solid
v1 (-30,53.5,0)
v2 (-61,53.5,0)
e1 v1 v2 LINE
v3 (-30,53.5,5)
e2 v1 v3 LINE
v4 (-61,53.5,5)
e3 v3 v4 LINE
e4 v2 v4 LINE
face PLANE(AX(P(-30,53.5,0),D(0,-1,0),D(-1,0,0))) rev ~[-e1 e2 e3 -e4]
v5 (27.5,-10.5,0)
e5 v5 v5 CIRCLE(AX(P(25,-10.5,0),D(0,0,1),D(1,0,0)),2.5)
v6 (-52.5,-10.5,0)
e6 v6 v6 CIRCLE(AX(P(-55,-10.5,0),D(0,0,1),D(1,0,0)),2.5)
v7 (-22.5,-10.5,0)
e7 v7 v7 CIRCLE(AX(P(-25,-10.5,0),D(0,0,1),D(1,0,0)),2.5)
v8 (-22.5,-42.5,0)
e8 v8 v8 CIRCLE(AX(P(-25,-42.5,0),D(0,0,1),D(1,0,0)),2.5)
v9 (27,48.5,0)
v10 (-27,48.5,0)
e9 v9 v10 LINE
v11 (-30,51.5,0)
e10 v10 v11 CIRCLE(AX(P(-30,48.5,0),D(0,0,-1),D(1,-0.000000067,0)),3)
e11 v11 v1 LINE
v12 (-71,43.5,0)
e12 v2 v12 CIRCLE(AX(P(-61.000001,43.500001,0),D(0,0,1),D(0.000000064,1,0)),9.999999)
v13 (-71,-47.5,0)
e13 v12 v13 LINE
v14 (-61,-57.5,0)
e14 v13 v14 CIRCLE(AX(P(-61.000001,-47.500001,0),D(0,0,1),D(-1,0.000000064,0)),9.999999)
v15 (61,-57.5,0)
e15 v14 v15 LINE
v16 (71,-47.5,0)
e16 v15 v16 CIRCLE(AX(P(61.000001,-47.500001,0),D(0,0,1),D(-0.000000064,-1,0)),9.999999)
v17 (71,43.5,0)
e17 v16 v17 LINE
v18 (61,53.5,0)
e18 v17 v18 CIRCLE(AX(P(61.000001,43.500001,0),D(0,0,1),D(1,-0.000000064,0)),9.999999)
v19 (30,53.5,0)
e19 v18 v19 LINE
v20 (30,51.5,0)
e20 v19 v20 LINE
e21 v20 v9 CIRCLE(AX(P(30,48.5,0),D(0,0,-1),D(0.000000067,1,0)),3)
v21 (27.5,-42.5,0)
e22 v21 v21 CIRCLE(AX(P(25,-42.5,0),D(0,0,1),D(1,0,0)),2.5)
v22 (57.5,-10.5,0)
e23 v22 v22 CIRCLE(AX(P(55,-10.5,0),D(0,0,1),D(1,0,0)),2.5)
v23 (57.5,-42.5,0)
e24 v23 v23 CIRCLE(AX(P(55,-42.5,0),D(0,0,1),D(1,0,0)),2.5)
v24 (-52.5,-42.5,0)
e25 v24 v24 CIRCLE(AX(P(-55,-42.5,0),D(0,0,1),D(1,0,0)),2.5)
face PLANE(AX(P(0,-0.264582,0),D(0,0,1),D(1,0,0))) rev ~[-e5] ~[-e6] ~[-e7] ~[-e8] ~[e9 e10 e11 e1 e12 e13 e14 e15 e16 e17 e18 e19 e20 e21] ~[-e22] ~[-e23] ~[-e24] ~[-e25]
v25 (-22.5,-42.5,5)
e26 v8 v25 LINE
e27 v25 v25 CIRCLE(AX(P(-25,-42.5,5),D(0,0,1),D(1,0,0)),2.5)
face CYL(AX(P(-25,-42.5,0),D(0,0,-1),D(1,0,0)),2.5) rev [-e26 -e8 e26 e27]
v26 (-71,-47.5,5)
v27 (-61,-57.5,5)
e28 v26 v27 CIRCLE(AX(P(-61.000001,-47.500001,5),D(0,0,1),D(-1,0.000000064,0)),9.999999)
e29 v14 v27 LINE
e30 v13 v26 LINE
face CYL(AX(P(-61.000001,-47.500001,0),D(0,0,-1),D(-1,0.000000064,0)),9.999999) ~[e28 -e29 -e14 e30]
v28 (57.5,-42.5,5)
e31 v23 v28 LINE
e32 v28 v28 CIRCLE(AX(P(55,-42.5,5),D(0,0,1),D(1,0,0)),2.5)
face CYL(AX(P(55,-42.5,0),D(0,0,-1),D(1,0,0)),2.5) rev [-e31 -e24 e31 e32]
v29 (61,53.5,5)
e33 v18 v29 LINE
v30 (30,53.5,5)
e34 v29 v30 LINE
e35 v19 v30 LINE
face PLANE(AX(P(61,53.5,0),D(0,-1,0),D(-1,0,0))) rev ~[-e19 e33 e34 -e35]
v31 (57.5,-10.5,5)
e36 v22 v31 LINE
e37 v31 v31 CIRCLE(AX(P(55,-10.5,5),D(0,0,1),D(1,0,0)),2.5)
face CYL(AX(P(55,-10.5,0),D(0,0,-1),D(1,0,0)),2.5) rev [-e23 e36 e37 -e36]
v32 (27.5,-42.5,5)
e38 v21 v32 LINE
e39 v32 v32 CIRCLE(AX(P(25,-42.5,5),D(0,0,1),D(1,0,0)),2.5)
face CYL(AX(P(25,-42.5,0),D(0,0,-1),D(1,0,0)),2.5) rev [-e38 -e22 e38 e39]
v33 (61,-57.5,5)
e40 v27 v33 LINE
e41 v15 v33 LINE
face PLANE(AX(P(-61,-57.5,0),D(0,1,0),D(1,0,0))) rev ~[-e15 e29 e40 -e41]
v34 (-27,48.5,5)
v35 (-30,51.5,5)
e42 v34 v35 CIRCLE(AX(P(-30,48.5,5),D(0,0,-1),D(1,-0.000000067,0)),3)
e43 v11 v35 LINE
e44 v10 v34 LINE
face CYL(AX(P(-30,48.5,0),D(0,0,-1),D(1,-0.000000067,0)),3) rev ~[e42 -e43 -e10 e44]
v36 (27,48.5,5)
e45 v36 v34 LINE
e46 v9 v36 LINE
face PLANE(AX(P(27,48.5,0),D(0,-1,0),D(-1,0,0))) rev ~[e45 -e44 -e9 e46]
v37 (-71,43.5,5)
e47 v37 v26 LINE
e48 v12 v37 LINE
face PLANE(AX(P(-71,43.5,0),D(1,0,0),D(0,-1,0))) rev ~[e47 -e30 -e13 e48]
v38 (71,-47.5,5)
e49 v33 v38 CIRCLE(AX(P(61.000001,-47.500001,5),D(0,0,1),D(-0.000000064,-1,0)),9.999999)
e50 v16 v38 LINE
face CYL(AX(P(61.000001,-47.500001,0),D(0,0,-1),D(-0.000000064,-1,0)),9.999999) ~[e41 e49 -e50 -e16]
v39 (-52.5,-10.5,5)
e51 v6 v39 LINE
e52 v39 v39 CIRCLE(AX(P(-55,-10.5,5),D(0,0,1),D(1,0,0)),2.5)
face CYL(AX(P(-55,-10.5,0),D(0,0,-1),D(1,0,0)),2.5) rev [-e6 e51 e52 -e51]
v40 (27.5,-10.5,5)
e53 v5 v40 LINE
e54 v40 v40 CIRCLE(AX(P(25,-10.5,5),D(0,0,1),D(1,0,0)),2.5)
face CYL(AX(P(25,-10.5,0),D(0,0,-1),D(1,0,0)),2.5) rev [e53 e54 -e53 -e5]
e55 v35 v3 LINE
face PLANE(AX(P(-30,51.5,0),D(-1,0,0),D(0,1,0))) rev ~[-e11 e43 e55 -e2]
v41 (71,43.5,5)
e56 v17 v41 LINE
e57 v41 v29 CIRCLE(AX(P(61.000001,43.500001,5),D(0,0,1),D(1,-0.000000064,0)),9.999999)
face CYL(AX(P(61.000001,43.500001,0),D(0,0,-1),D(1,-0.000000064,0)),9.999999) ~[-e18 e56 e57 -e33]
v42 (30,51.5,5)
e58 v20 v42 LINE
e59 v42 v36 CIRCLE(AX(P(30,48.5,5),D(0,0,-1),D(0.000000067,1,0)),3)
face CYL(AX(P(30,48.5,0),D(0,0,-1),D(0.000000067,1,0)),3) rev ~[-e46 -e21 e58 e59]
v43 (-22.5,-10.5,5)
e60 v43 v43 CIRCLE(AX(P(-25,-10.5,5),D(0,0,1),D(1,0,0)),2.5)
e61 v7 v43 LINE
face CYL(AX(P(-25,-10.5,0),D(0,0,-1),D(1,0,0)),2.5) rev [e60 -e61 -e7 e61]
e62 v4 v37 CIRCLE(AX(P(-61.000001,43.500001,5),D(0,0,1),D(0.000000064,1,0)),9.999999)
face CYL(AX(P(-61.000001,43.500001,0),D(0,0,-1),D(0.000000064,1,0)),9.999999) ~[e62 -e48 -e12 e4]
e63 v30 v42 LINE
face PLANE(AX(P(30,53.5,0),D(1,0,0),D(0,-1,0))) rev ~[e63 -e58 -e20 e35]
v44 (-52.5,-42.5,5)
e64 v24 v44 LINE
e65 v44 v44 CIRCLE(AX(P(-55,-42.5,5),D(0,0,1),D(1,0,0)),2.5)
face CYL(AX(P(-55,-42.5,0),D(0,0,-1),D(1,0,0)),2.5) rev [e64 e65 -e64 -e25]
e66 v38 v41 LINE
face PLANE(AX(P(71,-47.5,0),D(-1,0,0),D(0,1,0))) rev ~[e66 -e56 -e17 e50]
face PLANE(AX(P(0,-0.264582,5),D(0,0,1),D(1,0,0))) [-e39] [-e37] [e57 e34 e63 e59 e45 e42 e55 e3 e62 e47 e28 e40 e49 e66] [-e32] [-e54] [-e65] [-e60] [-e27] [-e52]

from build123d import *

# Parameters (mm, degrees)
F0_R     = 2.5
F1_DEPTH = 5


with BuildPart() as f1:
    # F0 (on Top) → F1 (new body)
    with BuildSketch(Plane.XY):
        with BuildLine():
            ThreePointArc((30, 51.5), (32.12132, 46.37868), (27, 48.5))
            Line((27, 48.5), (-27, 48.5))
            ThreePointArc((-27, 48.5), (-32.12132, 46.37868), (-30, 51.5))
            Line((-30, 51.5), (-30, 53.5))
            Line((-30, 53.5), (-61, 53.5))
            ThreePointArc((-61, 53.5), (-68.071068, 50.571068), (-71, 43.5))
            Line((-71, 43.5), (-71, -47.5))
            ThreePointArc((-71, -47.5), (-68.071068, -54.571068), (-61, -57.5))
            Line((-61, -57.5), (61, -57.5))
            ThreePointArc((61, -57.5), (68.071068, -54.571068), (71, -47.5))
            Line((71, -47.5), (71, 43.5))
            ThreePointArc((71, 43.5), (68.071068, 50.571068), (61, 53.5))
            Line((61, 53.5), (30, 53.5))
            Line((30, 53.5), (30, 51.5))
        make_face()
        with Locations((-55, -42.5)):
            Circle(F0_R, mode=Mode.SUBTRACT)
        with Locations((-25, -42.5)):
            Circle(F0_R, mode=Mode.SUBTRACT)
        with Locations((-55, -10.5)):
            Circle(F0_R, mode=Mode.SUBTRACT)
        with Locations((-25, -10.5)):
            Circle(F0_R, mode=Mode.SUBTRACT)
        with Locations((25, -42.5)):
            Circle(F0_R, mode=Mode.SUBTRACT)
        with Locations((55, -42.5)):
            Circle(F0_R, mode=Mode.SUBTRACT)
        with Locations((25, -10.5)):
            Circle(F0_R, mode=Mode.SUBTRACT)
        with Locations((55, -10.5)):
            Circle(F0_R, mode=Mode.SUBTRACT)
    extrude(amount=F1_DEPTH)


solid = f1.part
